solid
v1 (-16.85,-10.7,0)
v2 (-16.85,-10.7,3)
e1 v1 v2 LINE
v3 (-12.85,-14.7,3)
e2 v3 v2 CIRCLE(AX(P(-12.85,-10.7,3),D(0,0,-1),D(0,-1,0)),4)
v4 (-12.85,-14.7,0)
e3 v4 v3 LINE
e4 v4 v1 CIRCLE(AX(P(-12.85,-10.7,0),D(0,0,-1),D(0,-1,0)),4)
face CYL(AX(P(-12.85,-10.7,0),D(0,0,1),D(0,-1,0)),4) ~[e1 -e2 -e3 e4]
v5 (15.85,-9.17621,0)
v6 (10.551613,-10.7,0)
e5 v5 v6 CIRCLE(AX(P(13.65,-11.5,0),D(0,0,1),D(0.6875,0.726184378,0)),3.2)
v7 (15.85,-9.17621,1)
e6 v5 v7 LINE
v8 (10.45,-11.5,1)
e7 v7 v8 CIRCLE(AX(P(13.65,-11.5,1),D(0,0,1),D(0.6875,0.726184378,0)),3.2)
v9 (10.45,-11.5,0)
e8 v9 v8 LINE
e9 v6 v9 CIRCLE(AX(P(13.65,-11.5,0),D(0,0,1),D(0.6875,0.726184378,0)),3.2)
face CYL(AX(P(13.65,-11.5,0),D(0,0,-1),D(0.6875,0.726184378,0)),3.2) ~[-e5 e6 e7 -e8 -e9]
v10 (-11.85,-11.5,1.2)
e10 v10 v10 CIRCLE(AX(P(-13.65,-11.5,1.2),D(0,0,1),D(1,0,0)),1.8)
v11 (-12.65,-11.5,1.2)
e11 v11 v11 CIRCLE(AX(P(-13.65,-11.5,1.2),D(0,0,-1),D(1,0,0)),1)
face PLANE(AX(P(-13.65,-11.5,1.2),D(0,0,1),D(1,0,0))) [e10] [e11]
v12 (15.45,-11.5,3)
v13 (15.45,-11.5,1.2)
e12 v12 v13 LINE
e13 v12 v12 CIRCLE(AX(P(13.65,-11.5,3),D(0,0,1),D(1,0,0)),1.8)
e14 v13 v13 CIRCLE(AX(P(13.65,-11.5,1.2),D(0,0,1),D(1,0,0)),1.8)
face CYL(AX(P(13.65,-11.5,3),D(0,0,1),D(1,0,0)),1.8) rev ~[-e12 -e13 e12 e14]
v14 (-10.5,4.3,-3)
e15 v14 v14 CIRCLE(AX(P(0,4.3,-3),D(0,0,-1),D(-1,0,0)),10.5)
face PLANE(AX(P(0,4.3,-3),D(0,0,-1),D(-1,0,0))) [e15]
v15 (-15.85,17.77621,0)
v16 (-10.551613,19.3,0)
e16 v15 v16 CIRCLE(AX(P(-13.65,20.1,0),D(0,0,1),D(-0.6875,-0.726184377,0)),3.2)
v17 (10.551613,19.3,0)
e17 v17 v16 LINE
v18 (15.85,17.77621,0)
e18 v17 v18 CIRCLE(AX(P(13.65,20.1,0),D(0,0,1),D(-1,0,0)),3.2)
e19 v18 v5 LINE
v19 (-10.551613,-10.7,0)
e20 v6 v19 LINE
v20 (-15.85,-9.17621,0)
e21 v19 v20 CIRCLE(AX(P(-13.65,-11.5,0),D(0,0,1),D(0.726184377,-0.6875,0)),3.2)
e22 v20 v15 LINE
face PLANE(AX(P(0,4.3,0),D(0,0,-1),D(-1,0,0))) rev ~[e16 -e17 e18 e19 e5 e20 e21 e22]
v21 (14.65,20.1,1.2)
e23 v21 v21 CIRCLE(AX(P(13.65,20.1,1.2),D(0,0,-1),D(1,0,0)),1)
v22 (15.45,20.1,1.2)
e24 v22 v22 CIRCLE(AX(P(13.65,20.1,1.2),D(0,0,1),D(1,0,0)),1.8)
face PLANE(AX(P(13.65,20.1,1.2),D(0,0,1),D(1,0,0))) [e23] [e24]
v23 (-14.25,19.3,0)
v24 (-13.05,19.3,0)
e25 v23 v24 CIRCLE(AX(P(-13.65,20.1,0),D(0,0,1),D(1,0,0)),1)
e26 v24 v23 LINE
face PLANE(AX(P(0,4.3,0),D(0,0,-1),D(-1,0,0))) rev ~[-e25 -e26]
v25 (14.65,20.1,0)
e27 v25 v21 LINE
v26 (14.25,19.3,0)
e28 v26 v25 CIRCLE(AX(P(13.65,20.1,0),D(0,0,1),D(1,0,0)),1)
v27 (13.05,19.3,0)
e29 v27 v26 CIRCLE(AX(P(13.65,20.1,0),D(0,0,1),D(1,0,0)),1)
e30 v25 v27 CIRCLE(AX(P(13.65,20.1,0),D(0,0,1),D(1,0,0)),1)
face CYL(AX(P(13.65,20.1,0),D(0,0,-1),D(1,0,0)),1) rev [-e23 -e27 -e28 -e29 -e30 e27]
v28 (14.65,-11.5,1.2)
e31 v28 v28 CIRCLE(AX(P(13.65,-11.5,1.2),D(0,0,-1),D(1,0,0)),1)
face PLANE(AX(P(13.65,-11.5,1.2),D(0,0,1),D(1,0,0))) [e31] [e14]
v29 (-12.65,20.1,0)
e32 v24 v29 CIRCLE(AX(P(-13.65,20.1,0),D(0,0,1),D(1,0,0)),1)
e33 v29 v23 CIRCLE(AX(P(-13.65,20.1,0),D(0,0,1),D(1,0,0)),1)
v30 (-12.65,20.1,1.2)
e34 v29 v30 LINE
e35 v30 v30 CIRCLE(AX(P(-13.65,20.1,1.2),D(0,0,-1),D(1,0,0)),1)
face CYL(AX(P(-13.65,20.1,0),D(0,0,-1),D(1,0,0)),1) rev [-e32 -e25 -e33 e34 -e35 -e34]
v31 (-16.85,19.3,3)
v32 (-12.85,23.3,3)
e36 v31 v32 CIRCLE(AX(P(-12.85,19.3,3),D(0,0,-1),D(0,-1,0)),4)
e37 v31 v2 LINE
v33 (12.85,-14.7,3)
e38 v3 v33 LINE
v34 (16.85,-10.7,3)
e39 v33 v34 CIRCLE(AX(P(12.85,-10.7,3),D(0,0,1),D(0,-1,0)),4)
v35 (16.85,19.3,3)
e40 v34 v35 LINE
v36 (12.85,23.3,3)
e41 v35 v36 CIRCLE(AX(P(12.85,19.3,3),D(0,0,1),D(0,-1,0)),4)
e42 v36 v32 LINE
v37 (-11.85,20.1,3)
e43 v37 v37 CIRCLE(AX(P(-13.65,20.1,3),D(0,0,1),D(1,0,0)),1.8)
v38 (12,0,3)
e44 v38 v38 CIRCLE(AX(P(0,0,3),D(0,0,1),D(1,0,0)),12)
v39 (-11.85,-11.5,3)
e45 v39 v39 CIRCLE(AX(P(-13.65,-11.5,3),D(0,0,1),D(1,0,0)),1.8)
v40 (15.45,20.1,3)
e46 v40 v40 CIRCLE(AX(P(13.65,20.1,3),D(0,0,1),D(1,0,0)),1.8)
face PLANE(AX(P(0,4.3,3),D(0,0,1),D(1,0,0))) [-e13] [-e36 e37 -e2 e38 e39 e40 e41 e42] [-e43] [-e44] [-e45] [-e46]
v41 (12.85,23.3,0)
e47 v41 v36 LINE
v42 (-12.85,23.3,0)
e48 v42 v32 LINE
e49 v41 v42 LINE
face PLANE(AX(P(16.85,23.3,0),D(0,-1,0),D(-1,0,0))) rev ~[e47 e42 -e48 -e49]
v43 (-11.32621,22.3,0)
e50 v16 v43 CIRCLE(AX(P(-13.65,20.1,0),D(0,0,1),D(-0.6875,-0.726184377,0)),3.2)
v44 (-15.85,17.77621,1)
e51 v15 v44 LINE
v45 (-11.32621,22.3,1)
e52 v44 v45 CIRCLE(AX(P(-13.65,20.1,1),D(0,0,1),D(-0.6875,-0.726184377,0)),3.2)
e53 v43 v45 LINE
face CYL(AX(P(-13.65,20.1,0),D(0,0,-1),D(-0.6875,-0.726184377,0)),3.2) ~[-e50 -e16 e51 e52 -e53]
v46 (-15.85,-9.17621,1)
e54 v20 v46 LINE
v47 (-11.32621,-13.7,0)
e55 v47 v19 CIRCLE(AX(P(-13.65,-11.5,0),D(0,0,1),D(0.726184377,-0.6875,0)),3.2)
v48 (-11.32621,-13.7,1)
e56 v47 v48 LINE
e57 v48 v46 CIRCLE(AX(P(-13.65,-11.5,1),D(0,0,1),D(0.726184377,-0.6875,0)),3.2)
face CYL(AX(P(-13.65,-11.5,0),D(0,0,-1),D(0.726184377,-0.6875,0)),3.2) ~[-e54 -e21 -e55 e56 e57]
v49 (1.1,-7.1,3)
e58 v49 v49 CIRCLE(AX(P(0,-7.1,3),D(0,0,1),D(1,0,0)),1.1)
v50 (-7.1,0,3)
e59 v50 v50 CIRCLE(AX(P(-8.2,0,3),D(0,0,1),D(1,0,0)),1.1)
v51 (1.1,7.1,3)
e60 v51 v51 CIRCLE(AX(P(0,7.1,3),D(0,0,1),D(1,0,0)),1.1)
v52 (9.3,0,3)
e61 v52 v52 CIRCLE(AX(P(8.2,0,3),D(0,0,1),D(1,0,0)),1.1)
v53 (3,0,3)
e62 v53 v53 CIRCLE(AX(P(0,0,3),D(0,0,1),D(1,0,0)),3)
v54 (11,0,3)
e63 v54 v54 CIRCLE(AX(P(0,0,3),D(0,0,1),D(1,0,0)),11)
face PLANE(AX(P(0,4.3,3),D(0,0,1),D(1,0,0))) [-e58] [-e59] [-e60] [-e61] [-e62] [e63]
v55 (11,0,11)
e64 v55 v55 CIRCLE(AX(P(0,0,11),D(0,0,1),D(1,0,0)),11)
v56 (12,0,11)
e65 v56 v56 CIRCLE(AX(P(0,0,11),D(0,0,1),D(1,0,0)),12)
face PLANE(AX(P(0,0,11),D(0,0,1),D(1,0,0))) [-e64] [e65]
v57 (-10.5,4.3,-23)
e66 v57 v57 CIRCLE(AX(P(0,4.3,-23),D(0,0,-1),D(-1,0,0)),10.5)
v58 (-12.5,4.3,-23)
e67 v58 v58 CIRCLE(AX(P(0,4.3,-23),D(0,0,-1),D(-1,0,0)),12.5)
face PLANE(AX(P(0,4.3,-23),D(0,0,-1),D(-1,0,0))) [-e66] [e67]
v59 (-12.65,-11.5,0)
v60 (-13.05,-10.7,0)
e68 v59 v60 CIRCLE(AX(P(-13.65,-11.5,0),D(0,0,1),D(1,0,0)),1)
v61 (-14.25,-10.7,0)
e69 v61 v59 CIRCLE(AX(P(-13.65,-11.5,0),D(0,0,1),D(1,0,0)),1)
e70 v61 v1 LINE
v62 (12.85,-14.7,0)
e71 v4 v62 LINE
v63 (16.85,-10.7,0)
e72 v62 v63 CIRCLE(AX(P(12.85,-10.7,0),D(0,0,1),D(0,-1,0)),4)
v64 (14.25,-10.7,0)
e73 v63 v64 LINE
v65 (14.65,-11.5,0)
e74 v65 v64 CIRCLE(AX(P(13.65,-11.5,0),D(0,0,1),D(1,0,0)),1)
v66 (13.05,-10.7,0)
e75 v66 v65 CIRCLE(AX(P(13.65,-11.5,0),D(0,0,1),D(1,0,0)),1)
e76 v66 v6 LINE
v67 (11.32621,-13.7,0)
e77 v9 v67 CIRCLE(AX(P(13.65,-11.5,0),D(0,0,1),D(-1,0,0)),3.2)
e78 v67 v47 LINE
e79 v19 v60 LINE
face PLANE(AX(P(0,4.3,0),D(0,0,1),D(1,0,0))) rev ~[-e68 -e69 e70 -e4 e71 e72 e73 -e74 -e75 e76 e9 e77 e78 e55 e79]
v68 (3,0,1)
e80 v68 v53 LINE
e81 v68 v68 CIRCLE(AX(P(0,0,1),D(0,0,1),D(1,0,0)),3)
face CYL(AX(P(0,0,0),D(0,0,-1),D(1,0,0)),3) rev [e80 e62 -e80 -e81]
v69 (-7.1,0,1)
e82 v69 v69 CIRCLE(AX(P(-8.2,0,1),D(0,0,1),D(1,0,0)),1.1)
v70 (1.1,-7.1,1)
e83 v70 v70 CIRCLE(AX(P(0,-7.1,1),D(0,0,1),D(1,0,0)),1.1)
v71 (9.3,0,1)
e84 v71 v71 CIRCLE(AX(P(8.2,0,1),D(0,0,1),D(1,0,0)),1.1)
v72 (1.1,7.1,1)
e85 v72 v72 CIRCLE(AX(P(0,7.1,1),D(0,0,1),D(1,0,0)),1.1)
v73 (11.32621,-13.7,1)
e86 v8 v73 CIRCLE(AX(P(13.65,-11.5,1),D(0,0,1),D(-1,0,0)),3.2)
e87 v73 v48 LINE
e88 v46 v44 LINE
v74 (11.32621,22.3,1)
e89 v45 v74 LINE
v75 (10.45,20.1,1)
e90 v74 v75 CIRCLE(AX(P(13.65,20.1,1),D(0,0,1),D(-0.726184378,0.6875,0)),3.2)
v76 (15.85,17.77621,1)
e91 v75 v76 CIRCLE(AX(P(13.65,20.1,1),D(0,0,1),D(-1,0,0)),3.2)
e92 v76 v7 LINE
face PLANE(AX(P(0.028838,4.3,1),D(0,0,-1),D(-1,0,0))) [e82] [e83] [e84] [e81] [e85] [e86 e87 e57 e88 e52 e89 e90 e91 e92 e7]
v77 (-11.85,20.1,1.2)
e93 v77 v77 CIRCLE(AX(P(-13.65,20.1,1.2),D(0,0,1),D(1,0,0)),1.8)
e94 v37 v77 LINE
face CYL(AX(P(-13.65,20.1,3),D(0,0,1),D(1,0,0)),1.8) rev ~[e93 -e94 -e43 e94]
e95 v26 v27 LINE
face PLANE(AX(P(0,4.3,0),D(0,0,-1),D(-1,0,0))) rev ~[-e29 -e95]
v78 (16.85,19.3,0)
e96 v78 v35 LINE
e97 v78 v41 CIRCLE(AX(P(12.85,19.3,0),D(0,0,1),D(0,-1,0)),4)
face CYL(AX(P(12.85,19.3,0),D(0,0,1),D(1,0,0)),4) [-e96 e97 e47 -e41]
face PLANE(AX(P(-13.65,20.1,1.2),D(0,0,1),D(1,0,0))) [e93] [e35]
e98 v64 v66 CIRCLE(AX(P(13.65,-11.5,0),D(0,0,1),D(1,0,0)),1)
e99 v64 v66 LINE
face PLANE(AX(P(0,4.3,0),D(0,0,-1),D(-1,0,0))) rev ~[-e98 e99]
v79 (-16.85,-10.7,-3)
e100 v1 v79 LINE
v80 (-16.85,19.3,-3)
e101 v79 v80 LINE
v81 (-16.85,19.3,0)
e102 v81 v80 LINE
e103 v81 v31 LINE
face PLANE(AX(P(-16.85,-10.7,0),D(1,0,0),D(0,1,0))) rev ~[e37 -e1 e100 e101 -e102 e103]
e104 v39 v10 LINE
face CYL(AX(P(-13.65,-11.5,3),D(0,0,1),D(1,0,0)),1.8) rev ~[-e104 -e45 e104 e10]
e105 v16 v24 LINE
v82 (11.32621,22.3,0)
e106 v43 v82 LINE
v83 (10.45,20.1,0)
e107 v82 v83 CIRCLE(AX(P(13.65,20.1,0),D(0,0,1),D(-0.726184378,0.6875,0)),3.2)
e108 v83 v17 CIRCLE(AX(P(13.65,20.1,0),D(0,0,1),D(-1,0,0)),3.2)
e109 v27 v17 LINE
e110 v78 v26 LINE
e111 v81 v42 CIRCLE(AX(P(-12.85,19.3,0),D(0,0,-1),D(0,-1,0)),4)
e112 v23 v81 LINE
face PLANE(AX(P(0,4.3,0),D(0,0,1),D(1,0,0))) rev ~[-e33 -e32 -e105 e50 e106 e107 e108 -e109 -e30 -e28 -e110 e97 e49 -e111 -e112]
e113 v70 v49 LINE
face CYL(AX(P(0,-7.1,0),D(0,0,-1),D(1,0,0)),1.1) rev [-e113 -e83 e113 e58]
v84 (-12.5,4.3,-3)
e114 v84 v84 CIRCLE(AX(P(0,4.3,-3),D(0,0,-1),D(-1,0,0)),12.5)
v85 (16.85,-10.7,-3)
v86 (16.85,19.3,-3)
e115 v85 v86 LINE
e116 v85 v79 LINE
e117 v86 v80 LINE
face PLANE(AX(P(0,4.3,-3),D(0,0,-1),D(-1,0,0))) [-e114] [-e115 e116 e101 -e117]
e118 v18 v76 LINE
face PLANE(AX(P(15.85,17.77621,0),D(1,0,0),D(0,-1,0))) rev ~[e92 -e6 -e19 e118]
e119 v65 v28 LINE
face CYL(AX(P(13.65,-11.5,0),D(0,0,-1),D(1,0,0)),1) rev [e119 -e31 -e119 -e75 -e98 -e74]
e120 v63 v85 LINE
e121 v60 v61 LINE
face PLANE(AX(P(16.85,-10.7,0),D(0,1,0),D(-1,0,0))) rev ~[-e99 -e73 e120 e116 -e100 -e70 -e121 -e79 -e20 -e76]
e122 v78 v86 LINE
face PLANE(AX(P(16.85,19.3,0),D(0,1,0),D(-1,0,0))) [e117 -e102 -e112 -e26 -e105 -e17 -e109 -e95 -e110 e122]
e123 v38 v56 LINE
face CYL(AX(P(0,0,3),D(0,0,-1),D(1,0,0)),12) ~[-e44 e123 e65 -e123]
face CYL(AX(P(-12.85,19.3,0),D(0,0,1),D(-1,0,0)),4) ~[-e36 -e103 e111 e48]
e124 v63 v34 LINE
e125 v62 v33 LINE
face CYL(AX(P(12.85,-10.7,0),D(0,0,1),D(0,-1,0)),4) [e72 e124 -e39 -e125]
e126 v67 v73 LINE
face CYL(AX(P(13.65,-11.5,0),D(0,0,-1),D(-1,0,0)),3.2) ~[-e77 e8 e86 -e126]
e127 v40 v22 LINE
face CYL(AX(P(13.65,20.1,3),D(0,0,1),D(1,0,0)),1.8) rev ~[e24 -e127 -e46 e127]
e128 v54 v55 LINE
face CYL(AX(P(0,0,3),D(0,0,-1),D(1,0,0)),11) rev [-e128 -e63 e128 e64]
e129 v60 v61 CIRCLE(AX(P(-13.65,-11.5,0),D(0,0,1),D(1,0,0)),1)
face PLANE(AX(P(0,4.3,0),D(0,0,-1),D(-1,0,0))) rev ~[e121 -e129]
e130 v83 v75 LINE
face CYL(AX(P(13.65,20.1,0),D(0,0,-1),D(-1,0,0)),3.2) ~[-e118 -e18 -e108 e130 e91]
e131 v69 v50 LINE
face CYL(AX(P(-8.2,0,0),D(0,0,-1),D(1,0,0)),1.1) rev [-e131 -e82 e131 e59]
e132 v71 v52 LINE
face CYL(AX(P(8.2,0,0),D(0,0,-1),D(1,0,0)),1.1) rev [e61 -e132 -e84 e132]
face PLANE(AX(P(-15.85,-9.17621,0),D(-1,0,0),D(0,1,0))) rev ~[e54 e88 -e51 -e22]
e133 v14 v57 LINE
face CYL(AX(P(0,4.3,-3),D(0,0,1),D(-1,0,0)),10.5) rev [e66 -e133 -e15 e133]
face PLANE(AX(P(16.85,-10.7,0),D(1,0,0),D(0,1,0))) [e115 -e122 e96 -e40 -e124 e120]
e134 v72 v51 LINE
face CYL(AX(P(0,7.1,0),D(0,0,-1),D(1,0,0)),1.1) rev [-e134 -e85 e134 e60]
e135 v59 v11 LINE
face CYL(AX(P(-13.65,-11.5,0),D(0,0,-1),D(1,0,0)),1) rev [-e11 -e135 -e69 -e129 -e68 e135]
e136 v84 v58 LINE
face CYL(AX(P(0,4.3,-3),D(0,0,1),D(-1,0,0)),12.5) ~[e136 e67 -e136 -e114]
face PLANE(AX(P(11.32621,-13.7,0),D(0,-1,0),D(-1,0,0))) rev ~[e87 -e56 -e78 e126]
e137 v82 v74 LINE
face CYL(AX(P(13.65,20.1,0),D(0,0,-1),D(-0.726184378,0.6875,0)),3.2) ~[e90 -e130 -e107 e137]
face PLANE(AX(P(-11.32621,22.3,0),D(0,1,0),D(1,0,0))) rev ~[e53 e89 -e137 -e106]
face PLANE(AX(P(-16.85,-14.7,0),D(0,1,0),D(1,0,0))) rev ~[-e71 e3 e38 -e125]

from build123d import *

# Parameters (mm, degrees)
SZKIC1_R                    = 3
SZKIC1_R_2                  = 1.1
SZKIC1_R_3                  = 1
DODANIE_WYCI_GNI_CIE1_DEPTH = 3
SZKIC2_R                    = 12
SZKIC2_R_2                  = 11
DODANIE_WYCI_GNI_CIE2_DEPTH = 8
SZKIC3_R                    = 1.1
SZKIC3_R_2                  = 3
WYTNIJ_WYCI_GNI_CIE1_DEPTH  = 1
SZKIC4_R                    = 1.8
WYTNIJ_WYCI_GNI_CIE2_DEPTH  = 1.8
ZAOKR_GLENIE1_R             = 4
SKETCH1_W                   = 33.7
SKETCH1_H                   = 30
BOSS_EXTRUDE1_DEPTH         = 3
SKETCH2_R                   = 12.5
SKETCH2_R_2                 = 10.5
BOSS_EXTRUDE2_DEPTH         = 20


with BuildPart() as part:
    # Szkic1 → Dodanie-wyciągnięcie1 (new body)
    with BuildSketch(Plane.XY):
        Polygon((-16.85, 0), (-16.85, -14.7), (0, -14.7), (16.85, -14.7), (16.85, 23.3), (-16.85, 23.3), align=None)
        Circle(SZKIC1_R, mode=Mode.SUBTRACT)
        with Locations((-8.2, 0)):
            Circle(SZKIC1_R_2, mode=Mode.SUBTRACT)
        with Locations((8.2, 0)):
            Circle(SZKIC1_R_2, mode=Mode.SUBTRACT)
        with Locations((0, 7.1)):
            Circle(SZKIC1_R_2, mode=Mode.SUBTRACT)
        with Locations((0, -7.1)):
            Circle(SZKIC1_R_2, mode=Mode.SUBTRACT)
        with Locations((-13.65, 20.1)):
            Circle(SZKIC1_R_3, mode=Mode.SUBTRACT)
        with Locations((13.65, 20.1)):
            Circle(SZKIC1_R_3, mode=Mode.SUBTRACT)
        with Locations((13.65, -11.5)):
            Circle(SZKIC1_R_3, mode=Mode.SUBTRACT)
        with Locations((-13.65, -11.5)):
            Circle(SZKIC1_R_3, mode=Mode.SUBTRACT)
    extrude(amount=DODANIE_WYCI_GNI_CIE1_DEPTH)

    # Szkic2 → Dodanie-wyciągnięcie2 (add)
    with BuildSketch(Plane.XY.offset(3)):
        Circle(SZKIC2_R)
        Circle(SZKIC2_R_2, mode=Mode.SUBTRACT)
    extrude(amount=DODANIE_WYCI_GNI_CIE2_DEPTH)

    # Szkic3 → Wytnij-wyciągnięcie1 (cut)
    with BuildSketch(Plane(origin=(0, 0, 0), x_dir=(-1, 0, 0), z_dir=(0, 0, -1))):
        with BuildLine():
            Line((11.326209992, 22.3), (-11.326209992, 22.3))
            ThreePointArc((-11.326209992, 22.3), (-10.67711184, 21.284033778), (-10.45, 20.1))
            ThreePointArc((-10.45, 20.1), (-12.385088936, 17.160612309), (-15.85, 17.776209992))
            Line((-15.85, 17.776209992), (-15.85, -9.176209992))
            ThreePointArc((-15.85, -9.176209992), (-12.385088936, -8.560612309), (-10.45, -11.5))
            ThreePointArc((-10.45, -11.5), (-10.67711184, -12.684033778), (-11.326209992, -13.7))
            Line((-11.326209992, -13.7), (11.326209992, -13.7))
            ThreePointArc((11.326209992, -13.7), (11.3872583, -9.2372583), (15.85, -9.176209992))
            Line((15.85, -9.176209992), (15.85, 17.776209992))
            ThreePointArc((15.85, 17.776209992), (11.3872583, 17.8372583), (11.326209992, 22.3))
        make_face()
        with Locations((-8.2, 0)):
            Circle(SZKIC3_R, mode=Mode.SUBTRACT)
        with Locations((0, -7.1)):
            Circle(SZKIC3_R, mode=Mode.SUBTRACT)
        Circle(SZKIC3_R_2, mode=Mode.SUBTRACT)
        with Locations((8.2, 0)):
            Circle(SZKIC3_R, mode=Mode.SUBTRACT)
        with Locations((0, 7.1)):
            Circle(SZKIC3_R, mode=Mode.SUBTRACT)
    extrude(amount=-WYTNIJ_WYCI_GNI_CIE1_DEPTH, mode=Mode.SUBTRACT)

    # Szkic4 → Wytnij-wyciągnięcie2 (cut)
    with BuildSketch(Plane.XY.offset(3)):
        with Locations((-13.65, 20.1)):
            Circle(SZKIC4_R)
        with Locations((13.65, 20.1)):
            Circle(SZKIC4_R)
        with Locations((13.65, -11.5)):
            Circle(SZKIC4_R)
        with Locations((-13.65, -11.5)):
            Circle(SZKIC4_R)
    extrude(amount=-WYTNIJ_WYCI_GNI_CIE2_DEPTH, mode=Mode.SUBTRACT)

    # Zaokrąglenie1
    zaokr_glenie1_edges = [part.edges().sort_by_distance(p)[0] for p in [
        (-16.85, 23.3, 1.5),
        (16.85, 23.3, 1.5),
        (16.85, -14.7, 1.5),
        (-16.85, -14.7, 1.5),
    ]]
    fillet(zaokr_glenie1_edges, radius=ZAOKR_GLENIE1_R)

    # Sketch1 → Boss-Extrude1 (add)
    with BuildSketch(Plane(origin=(0, 0, 0), x_dir=(-1, 0, 0), z_dir=(0, 0, -1))):
        with Locations((0, 4.3)):
            Rectangle(SKETCH1_W, SKETCH1_H)
    extrude(amount=BOSS_EXTRUDE1_DEPTH)

    # Sketch2 → Boss-Extrude2 (add)
    with BuildSketch(Plane(origin=(0, 0, -3), x_dir=(-1, 0, 0), z_dir=(0, 0, -1))):
        with Locations((0, 4.3)):
            Circle(SKETCH2_R)
        with Locations((0, 4.3)):
            Circle(SKETCH2_R_2, mode=Mode.SUBTRACT)
    extrude(amount=BOSS_EXTRUDE2_DEPTH)


solid = part.part
